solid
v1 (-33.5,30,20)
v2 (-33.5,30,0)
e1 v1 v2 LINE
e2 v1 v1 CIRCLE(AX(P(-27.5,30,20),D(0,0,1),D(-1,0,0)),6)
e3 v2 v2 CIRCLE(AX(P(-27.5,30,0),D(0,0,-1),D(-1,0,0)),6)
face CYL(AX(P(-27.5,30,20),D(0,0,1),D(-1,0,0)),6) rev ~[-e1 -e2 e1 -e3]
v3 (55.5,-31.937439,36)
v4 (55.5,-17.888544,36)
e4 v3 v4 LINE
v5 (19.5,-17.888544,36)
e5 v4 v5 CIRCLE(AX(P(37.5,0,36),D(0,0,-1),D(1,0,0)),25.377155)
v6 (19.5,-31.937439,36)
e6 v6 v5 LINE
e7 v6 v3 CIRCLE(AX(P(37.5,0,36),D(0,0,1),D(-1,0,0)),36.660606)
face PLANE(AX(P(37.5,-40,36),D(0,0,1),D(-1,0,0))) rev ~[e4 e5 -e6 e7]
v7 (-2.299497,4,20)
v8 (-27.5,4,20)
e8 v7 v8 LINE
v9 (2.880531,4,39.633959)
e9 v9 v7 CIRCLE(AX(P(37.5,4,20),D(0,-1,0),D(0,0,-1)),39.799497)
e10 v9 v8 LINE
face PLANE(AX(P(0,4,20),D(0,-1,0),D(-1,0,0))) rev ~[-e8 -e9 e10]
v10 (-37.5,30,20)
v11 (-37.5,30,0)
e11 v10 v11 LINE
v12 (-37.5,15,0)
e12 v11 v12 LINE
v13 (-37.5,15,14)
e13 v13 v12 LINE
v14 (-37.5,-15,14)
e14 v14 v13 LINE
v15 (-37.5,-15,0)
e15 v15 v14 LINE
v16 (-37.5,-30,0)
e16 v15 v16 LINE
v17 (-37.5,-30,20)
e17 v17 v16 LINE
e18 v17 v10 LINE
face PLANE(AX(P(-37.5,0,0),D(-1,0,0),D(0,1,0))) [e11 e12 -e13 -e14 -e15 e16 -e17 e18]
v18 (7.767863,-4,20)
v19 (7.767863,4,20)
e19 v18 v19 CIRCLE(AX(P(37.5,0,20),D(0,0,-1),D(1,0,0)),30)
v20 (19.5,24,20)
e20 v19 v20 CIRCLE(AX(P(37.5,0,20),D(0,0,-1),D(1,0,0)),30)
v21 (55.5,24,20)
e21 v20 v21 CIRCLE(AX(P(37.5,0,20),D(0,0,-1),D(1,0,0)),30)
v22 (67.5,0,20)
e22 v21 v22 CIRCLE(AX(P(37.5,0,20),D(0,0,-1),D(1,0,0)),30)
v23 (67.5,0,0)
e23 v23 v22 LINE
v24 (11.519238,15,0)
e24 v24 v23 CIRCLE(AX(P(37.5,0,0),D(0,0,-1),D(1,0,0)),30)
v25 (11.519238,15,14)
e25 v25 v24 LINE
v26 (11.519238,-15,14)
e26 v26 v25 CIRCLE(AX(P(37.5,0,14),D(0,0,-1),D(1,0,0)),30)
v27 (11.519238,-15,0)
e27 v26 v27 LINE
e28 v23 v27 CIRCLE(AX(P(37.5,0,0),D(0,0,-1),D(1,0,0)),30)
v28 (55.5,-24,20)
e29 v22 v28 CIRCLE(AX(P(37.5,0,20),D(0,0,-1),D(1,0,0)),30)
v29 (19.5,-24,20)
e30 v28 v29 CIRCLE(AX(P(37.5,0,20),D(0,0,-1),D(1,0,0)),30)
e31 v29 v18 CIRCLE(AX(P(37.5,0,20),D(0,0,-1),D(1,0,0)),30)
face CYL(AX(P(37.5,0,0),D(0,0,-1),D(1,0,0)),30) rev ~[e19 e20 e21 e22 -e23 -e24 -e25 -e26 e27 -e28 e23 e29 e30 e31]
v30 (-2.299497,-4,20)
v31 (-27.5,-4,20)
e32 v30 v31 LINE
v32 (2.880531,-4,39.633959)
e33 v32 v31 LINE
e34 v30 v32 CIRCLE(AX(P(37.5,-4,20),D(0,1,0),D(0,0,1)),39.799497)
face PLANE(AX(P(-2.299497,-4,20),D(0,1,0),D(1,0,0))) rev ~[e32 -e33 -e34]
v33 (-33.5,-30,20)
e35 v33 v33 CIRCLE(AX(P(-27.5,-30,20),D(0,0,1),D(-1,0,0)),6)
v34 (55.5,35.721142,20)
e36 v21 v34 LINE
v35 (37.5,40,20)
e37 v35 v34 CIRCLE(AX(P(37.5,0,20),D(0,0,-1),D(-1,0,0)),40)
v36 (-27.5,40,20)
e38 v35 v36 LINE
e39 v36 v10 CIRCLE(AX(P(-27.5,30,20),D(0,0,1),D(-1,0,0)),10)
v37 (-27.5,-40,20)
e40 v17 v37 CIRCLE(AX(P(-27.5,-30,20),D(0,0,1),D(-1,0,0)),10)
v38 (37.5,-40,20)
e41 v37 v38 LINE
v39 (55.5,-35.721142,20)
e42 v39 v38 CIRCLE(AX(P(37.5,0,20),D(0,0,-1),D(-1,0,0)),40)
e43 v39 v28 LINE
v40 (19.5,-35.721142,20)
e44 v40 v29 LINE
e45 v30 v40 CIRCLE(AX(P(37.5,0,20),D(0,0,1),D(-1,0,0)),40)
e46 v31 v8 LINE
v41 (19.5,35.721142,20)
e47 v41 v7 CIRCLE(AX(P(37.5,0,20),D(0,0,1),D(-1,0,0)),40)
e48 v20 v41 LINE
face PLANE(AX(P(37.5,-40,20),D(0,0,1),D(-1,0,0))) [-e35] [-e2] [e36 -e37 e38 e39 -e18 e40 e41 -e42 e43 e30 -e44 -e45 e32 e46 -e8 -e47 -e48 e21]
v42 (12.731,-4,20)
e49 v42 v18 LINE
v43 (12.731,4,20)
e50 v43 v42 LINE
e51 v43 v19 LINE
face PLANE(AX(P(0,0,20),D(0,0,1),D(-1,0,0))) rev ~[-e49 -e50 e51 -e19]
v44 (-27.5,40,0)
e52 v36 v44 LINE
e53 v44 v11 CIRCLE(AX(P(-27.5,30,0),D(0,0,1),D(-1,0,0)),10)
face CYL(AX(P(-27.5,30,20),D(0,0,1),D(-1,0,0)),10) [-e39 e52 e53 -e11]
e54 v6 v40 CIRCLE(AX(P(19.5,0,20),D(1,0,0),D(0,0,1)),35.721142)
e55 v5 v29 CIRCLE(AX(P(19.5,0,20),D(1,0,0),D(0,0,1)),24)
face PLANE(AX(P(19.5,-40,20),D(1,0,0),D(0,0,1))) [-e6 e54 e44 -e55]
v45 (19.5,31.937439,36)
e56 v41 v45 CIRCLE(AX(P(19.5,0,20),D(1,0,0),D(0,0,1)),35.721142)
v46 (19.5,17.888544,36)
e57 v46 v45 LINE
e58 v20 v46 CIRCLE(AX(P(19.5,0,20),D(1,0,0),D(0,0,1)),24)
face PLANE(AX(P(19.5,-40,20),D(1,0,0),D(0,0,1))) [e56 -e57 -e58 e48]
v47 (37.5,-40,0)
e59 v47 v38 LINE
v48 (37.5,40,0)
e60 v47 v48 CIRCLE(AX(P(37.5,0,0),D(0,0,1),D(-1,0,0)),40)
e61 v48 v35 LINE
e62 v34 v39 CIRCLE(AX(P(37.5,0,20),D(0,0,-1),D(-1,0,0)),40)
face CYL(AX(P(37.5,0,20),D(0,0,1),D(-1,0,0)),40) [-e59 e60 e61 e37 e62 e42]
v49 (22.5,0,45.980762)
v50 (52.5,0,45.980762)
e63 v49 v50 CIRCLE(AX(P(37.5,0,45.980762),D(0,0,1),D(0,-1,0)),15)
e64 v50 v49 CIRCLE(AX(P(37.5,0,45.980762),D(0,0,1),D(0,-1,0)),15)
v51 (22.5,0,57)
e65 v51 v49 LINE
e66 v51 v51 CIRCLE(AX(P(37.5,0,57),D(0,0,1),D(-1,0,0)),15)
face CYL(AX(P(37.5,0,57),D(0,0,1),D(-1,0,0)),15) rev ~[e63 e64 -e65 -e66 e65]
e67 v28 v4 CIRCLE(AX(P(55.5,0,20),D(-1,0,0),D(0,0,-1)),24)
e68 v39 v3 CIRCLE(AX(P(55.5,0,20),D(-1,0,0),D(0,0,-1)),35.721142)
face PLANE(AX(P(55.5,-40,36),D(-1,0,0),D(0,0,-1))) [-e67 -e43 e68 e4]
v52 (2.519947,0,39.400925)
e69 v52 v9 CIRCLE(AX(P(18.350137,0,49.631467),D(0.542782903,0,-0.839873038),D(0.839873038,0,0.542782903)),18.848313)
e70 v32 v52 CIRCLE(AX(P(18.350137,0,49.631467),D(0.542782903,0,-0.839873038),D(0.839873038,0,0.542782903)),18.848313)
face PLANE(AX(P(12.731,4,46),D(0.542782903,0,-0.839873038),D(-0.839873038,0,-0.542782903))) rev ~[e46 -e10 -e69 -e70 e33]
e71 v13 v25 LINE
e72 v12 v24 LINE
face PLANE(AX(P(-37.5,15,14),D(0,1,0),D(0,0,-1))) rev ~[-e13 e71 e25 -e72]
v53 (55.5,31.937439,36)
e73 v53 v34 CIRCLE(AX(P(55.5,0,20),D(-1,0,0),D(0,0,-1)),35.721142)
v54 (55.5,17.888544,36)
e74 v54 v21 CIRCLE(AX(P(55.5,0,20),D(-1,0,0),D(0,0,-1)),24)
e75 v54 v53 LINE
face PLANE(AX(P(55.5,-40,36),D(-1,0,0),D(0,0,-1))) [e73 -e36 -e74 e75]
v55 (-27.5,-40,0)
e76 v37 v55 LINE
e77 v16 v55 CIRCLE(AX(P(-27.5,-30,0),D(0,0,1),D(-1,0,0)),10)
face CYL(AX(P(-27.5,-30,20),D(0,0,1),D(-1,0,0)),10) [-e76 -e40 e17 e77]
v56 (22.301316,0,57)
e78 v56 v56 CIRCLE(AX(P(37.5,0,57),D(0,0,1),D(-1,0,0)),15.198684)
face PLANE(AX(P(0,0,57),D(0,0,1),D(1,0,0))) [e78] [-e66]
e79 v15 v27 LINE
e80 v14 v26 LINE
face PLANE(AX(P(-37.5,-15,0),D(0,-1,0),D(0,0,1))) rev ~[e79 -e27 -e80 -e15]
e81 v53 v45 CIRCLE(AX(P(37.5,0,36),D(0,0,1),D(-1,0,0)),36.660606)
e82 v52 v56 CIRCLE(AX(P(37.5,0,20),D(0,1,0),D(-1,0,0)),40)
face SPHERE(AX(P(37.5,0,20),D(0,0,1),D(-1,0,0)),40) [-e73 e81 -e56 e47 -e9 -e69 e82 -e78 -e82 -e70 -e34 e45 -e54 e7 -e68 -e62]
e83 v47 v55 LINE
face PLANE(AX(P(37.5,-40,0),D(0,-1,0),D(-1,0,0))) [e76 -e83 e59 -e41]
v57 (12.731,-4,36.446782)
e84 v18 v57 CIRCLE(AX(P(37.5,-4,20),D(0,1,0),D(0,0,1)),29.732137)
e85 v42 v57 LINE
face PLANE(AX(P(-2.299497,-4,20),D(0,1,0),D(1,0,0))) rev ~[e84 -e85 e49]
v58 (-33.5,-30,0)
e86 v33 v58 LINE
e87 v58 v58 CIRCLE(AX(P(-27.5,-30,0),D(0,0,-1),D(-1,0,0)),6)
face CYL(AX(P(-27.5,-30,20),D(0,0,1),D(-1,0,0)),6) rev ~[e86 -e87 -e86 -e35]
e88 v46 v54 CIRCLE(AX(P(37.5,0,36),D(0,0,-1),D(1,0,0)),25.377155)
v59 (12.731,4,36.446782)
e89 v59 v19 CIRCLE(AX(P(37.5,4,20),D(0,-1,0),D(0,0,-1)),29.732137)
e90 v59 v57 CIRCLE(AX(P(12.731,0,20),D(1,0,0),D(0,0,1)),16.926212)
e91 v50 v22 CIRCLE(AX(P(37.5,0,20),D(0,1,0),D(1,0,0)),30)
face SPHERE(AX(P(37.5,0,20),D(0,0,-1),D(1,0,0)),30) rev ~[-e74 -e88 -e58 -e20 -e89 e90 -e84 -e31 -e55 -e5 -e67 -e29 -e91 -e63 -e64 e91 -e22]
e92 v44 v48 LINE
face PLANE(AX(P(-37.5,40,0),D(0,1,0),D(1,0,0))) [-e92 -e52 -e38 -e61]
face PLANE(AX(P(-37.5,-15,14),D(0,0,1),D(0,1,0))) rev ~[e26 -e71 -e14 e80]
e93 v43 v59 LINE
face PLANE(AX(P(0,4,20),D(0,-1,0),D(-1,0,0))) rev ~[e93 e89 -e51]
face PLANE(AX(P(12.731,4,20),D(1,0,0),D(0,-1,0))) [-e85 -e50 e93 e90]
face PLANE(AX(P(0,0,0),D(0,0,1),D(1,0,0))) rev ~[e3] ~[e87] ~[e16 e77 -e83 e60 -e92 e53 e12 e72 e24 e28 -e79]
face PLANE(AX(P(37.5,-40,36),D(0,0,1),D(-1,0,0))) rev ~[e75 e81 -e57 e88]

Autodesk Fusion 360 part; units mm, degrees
sketch "Sketch1" plane through (0, 0, 0) normal (0, 0, 1) x (1, 0, 0)
  line L0 (0, 0) -> (37.5, 0)
  line L1 (0, 0) -> (-37.5, 0)
  line L2 (-37.5, 0) -> (-37.5, 40)
  line L3 (37.5, 0) -> (37.5, -40)
  line L4 (-37.5, 40) -> (37.5, 40)
  line L5 (37.5, 40) -> (37.5, -40)
  line L6 (37.5, -40) -> (-37.5, -40)
  line L7 (-37.5, -40) -> (-37.5, 40)
  dimension "d1" = 37.5
  dimension "d2" = 37.5
  dimension "d3" = 40
  dimension "d4" = 40
extrude "Extrude1" add sketch "Sketch1" along normal blind 20 makes body 1
sketch "Sketch2" plane through (0, 0, 20) normal (0, 0, 1) x (-1, 0, 0)
  line L0 (37.5, 40) -> (-37.5, 40)
  line L1 (-37.5, 40) -> (-37.5, -40)
  line L2 (-37.5, -40) -> (37.5, -40)
  line L3 (37.5, -40) -> (37.5, 40)
  line L4 (37.5, 0) -> (37.5, -30)
  line L5 (37.5, 0) -> (37.5, 30)
  line L6 (-37.5, -40) -> (27.5, -40)
  circle A0 centre (27.5, -30) radius 6
  circle A1 centre (27.5, 30) radius 6
  point P0 (37.5, 0)
  dimension "d8" = 30
  dimension "d10" = 12
  dimension "d11" = 12
extrude "Extrude2" cut sketch "Sketch2" against normal blind 90 contours A0 | A1 bodies 1
sketch "Sketch3" plane through (0, 0, 20) normal (0, 0, 1) x (-1, 0, 0)
  circle A0 centre (27.5, 30) radius 6
  circle A1 centre (27.5, -30) radius 6
  line L0 (37.5, 40) -> (-37.5, 40)
  line L1 (-37.5, 40) -> (-37.5, -40)
  line L2 (-37.5, -40) -> (37.5, -40)
  line L3 (37.5, -40) -> (37.5, 40)
  circle A2 centre (27.5, 30) radius 10
  circle A3 centre (27.5, -30) radius 10
  dimension "d14" = 20
  dimension "d15" = 20
extrude "Extrude3" cut sketch "Sketch3" against normal blind 35 contours L0 L3 A2 | L2 L3 A3 bodies 1
sketch "Sketch4" plane through (0, 0, 20) normal (0, 0, 1) x (-1, 0, 0)
  arc A0 (37.5, 30) -> (27.5, 40) centre (27.5, 30) ccw
  line L0 (27.5, 40) -> (-37.5, 40)
  line L1 (-37.5, 40) -> (-37.5, -40)
  line L2 (-37.5, -40) -> (27.5, -40)
  arc A1 (27.5, -40) -> (37.5, -30) centre (27.5, -30) ccw
  line L3 (37.5, -30) -> (37.5, 30)
  circle A2 centre (27.5, 30) radius 6
  circle A3 centre (27.5, -30) radius 6
  circle A4 centre (-37.5, 0) radius 40
  dimension "d18" = 80
extrude "Extrude4" add sketch "Sketch4" against normal blind 20 contours L1 A4 | L1 A4 bodies 1
sketch "Sketch5" plane through (0, 0, 0) normal (0, 0, -1) x (1, 0, 0)
  line L0 (37.5, 40) -> (-27.5, 40)
  arc A0 (-27.5, 40) -> (-37.5, 30) centre (-27.5, 30) ccw
  line L1 (-37.5, 30) -> (-37.5, -30)
  arc A1 (-37.5, -30) -> (-27.5, -40) centre (-27.5, -30) ccw
  line L2 (-27.5, -40) -> (37.5, -40)
  arc A2 (37.5, -40) -> (37.5, 40) centre (37.5, 0) ccw
  circle A3 centre (-27.5, 30) radius 6
  circle A4 centre (-27.5, -30) radius 6
  point P0 (37.5, 0)
sphere "SpherePrimitive1" add diameter 80 placed x (-1, 0, 0) y (0, -1, 0) z (0, 0, 1) at (37.5, 0, 20) bodies 1
extrude "Extrude5" cut sketch "Sketch5" along normal blind 20 bodies 1
sketch "Sketch7" plane through (0, 0, 0) normal (0, 0, -1) x (1, 0, 0)
  line L0 (37.5, 40) -> (-27.5, 40)
  arc A0 (-27.5, 40) -> (-37.5, 30) centre (-27.5, 30) ccw
  line L1 (-37.5, 30) -> (-37.5, -30)
  arc A1 (-37.5, -30) -> (-27.5, -40) centre (-27.5, -30) ccw
  line L2 (-27.5, -40) -> (37.5, -40)
  arc A2 (37.5, -40) -> (37.5, 40) centre (37.5, 0) ccw
  circle A3 centre (-27.5, 30) radius 6
  circle A4 centre (-27.5, -30) radius 6
  circle A5 centre (37.5, 0) radius 30
  dimension "d24" = 60
extrude "Extrude6" cut sketch "Sketch7" against normal blind 20 contours A5 bodies 1
sphere "SpherePrimitive2" cut diameter 60 placed x (1, 0, 0) y (0, -1, 0) z (0, 0, -1) at (37.5, 0, 20) bodies 1
sketch "Sketch9" plane through (0, 0, 0) normal (0, 0, 1) x (1, 0, 0)
ref_plane "WorkPlane1" through (0, 0, 57) normal (0, 0, 1) x (1, 0, 0)
sketch "Sketch10" plane through (0, 0, 57) normal (0, 0, 1) x (1, 0, 0)
  line L0 (7.4967, 46.768) -> (98.4073, 46.768)
  line L1 (98.4073, 46.768) -> (98.4073, -40.4525)
  line L2 (98.4073, -40.4525) -> (7.4967, -40.4525)
  line L3 (7.4967, -40.4525) -> (7.4967, 46.768)
extrude "Extrude7" cut sketch "Sketch10" along normal blind 20 bodies 1
sketch "Sketch11" plane through (0, 0, 57) normal (0, 0, 1) x (-1, 0, 0)
  circle A0 centre (-37.5, 0) radius 15.1987
  circle A1 centre (-37.5, 0) radius 15
  dimension "d31" = 30
extrude "Extrude8" cut sketch "Sketch11" against normal blind 15 contours A1 bodies 1
sketch "Sketch12" plane through (0, 0, 20) normal (0, 0, 1) x (-1, 0, 0)
  arc A0 (-37.5, -40) -> (-37.5, 40) centre (-37.5, 0) ccw
  line L0 (-37.5, -40) -> (27.5, -40)
  arc A1 (27.5, -40) -> (37.5, -30) centre (27.5, -30) ccw
  line L1 (37.5, -30) -> (37.5, 30)
  arc A2 (37.5, 30) -> (27.5, 40) centre (27.5, 30) ccw
  line L2 (27.5, 40) -> (-37.5, 40)
  circle A3 centre (27.5, 30) radius 6
  circle A4 centre (27.5, -30) radius 6
  line L3 (-37.5, 40) -> (27.5, 40)
  line L4 (27.5, 0) -> (27.5, -4)
  line L5 (27.5, -4) -> (27.5, 0)
  line L6 (27.5, 0) -> (27.5, 4)
  line L7 (27.5, 4) -> (0, 4)
  line L8 (0, 4) -> (0, -4)
  line L9 (0, -4) -> (27.5, -4)
  line L10 (27.5, -4) -> (0, -4)
  line L11 (0, -4) -> (0, 4)
  line L12 (0, 4) -> (27.5, 4)
  line L13 (27.5, 4) -> (27.5, -4)
  line L14 (27.5, -4) -> (-12.731, -4)
  line L15 (-12.731, -4) -> (-12.731, 4)
  line L16 (-12.731, 4) -> (27.5, 4)
  line L17 (27.5, 4) -> (27.5, -4)
  point P0 (37.5, 0)
  dimension "d34" = 65
  dimension "d37" = 8
extrude "Extrude9" add sketch "Sketch12" along normal blind 26 separate body contours A0 L7 L8 L9 L10 L11 L12 L14 L16 | A0 L4 L5 L6 L7 L9 L10 L12 L13 L14 L16 L17 | L8 L11 L14 L15 L16 makes body 2
sketch "Sketch13" plane through (0, 4, 0) normal (0, 1, 0) x (-1, 0, 0)
  line L0 (-12.731, 20) -> (27.5, 20)
  line L1 (27.5, 20) -> (27.5, 46)
  line L2 (27.5, 46) -> (-12.731, 46)
  line L3 (-12.731, 46) -> (-12.731, 20)
  line L4 (-12.731, 46) -> (27.5, 20)
extrude "Extrude10" cut sketch "Sketch13" against normal blind 24 contours L1 L2 L4 bodies 2
combine "Combine1" operation add target body 2 tool bodies 1
sketch "Sketch14" plane through (-37.5, 0, 0) normal (-1, 0, 0) x (0, -1, 0)
  line L0 (30, 0) -> (30, 20)
  line L1 (30, 20) -> (-30, 20)
  line L2 (-30, 20) -> (-30, 0)
  line L3 (-30, 0) -> (30, 0)
  line L4 (0, 0) -> (-15, 0)
  line L5 (0, 0) -> (15, 0)
  line L6 (-15, 0) -> (15, 0)
  line L7 (15, 0) -> (15, 14)
  line L8 (15, 14) -> (-15, 14)
  line L9 (-15, 14) -> (-15, 0)
  dimension "d42" = 15
  dimension "d44" = 14
extrude "Extrude11" cut sketch "Sketch14" against normal blind 75 contours L3 L4 L5 L6 L7 L8 L9 bodies 2
sketch "Sketch15" plane through (0, -40, 0) normal (0, -1, 0) x (1, 0, 0)
  line L0 (-27.5, 20) -> (-27.5, 0)
  line L1 (-27.5, 0) -> (37.5, 0)
  line L2 (37.5, 20) -> (-27.5, 20)
  line L3 (37.5, 20) -> (37.5, 36)
  line L4 (37.5, 36) -> (55.5, 36)
  line L5 (55.5, 36) -> (37.5, 36)
  line L6 (37.5, 36) -> (19.5, 36)
  line L7 (55.5, 36) -> (55.5, 20)
  line L8 (19.5, 36) -> (55.5, 36)
  line L9 (55.5, 36) -> (55.5, 20)
  line L10 (55.5, 20) -> (19.5, 20)
  line L11 (19.5, 20) -> (19.5, 36)
  dimension "d47" = 16
  dimension "d48" = 18
  dimension "d49" = 18
extrude "Extrude12" cut sketch "Sketch15" against normal blind 105 bodies 2
